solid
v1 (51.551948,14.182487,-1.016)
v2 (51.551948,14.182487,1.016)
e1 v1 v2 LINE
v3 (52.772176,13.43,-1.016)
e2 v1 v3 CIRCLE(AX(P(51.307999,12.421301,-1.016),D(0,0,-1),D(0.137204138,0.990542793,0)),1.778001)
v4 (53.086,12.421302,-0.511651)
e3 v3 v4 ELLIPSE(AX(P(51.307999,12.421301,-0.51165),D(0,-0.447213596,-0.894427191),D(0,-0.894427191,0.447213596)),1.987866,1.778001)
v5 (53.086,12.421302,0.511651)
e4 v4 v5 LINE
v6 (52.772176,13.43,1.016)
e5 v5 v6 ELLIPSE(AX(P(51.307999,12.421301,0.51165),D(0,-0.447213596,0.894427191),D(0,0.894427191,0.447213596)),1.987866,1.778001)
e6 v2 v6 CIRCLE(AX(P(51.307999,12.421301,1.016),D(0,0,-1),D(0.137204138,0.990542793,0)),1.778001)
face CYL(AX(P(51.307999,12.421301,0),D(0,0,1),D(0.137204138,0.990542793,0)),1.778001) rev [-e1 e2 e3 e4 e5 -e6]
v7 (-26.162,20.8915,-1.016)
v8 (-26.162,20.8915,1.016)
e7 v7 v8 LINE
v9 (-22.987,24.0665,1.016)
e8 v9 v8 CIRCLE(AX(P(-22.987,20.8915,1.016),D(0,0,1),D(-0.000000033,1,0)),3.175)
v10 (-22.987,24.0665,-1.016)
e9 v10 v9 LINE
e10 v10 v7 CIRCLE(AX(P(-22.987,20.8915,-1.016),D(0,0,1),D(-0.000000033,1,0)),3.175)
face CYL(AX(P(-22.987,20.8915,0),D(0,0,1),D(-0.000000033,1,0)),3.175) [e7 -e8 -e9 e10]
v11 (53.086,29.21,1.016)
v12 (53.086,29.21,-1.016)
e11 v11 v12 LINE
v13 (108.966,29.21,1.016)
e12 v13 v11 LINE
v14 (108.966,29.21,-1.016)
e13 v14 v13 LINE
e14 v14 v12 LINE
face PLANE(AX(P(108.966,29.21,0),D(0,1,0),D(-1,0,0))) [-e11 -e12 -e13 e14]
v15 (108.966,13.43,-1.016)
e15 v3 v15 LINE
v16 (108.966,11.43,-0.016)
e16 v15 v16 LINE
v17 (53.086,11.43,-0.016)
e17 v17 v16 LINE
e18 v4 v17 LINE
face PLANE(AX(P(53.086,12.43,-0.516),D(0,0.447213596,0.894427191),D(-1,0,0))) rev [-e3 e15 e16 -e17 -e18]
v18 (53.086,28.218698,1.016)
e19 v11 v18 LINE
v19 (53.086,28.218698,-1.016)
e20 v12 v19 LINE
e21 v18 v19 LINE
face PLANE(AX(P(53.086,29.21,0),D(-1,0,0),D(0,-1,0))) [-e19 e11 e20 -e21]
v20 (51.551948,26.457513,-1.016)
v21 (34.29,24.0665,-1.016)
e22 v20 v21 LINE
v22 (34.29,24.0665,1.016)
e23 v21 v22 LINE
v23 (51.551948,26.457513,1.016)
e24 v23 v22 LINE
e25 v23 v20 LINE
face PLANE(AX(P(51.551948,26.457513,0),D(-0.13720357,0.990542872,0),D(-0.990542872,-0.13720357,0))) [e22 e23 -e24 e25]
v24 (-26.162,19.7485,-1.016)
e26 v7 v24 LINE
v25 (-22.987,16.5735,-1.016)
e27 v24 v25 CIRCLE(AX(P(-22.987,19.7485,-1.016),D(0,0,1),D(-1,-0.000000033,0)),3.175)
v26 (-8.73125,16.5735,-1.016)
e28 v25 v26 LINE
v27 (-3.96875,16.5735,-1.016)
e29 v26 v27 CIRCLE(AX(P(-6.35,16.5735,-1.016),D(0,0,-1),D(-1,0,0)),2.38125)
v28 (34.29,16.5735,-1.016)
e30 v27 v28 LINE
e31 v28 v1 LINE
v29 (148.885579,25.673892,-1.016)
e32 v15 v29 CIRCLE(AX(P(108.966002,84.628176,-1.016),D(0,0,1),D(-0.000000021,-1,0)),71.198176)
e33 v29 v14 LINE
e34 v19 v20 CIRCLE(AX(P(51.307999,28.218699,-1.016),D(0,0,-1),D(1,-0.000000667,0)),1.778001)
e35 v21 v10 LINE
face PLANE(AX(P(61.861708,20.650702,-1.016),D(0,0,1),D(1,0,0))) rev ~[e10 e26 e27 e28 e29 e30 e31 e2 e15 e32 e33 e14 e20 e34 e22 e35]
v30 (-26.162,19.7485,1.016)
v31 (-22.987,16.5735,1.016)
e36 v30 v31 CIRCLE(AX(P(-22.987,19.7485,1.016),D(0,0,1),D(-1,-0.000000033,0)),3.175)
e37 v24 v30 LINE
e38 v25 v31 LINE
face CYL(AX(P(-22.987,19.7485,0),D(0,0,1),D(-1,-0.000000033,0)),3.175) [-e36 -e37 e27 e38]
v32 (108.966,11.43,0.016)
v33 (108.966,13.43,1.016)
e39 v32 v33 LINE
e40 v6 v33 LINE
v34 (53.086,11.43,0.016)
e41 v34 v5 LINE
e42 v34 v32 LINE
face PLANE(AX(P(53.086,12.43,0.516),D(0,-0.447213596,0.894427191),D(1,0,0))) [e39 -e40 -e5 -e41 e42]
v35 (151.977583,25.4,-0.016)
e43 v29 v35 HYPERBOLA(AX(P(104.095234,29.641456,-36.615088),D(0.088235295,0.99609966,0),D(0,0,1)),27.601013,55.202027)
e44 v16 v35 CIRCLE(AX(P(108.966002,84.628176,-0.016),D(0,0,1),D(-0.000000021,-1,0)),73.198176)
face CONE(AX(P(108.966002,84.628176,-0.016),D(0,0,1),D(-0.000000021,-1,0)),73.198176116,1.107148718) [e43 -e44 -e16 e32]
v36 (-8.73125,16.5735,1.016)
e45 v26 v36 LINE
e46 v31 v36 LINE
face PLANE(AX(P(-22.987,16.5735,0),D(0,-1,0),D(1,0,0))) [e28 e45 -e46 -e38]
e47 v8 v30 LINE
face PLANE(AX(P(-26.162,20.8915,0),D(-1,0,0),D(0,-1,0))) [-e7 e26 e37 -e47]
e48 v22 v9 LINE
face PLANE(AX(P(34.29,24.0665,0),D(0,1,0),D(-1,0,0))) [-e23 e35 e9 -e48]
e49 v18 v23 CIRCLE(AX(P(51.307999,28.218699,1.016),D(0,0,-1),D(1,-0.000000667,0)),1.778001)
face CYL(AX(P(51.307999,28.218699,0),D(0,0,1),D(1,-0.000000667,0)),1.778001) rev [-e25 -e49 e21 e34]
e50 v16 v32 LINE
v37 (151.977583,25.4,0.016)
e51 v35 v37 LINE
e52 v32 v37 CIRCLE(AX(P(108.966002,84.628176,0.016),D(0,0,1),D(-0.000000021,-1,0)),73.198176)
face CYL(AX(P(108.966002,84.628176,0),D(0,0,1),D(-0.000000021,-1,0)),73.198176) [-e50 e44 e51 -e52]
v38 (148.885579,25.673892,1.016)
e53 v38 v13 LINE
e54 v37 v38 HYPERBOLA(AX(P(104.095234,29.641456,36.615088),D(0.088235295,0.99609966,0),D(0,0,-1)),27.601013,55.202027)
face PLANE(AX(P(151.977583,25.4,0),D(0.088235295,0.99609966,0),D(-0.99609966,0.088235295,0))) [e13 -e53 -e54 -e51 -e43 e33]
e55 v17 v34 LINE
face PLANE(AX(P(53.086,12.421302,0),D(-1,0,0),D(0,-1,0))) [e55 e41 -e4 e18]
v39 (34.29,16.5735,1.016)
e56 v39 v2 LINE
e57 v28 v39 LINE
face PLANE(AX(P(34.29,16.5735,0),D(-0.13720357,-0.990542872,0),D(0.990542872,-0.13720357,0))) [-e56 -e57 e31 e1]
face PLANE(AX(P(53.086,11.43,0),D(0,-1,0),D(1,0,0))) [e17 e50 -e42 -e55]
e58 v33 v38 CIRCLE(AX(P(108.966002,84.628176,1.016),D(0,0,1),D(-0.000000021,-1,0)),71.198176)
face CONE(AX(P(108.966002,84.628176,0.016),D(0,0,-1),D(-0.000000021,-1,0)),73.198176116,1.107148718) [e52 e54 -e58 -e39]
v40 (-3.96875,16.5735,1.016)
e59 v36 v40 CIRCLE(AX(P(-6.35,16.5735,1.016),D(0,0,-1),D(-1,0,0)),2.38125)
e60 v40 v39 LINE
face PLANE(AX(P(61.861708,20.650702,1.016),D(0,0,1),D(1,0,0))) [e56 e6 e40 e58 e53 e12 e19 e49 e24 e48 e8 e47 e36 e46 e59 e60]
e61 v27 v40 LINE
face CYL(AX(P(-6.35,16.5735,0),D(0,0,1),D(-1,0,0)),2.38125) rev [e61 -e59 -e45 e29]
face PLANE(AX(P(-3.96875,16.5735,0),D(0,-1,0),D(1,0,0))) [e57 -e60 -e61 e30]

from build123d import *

# Parameters (mm, degrees)
F1_DEPTH = 1.016
F2_SIZE2 = 2
F2_SIZE  = 1
F3_SIZE2 = 1
F3_SIZE  = 2


with BuildPart() as f1:
    # F0 (on Top) → F1 (new body, symmetric)
    with BuildSketch(Plane.XY):
        with BuildLine():
            Line((51.551948, 26.457513), (34.29, 24.0665))
            Line((34.29, 24.0665), (-22.987, 24.0665))
            ThreePointArc((-22.987, 24.0665), (-25.232064, 23.136564), (-26.162, 20.8915))
            Line((-26.162, 20.8915), (-26.162, 19.7485))
            ThreePointArc((-26.162, 19.7485), (-25.232064, 17.503436), (-22.987, 16.5735))
            Line((-22.987, 16.5735), (-8.73125, 16.5735))
            ThreePointArc((-8.73125, 16.5735), (-6.35, 18.95475), (-3.96875, 16.5735))
            Line((-3.96875, 16.5735), (34.29, 16.5735))
            Line((34.29, 16.5735), (51.551948, 14.182487))
            ThreePointArc((51.551948, 14.182487), (52.648713, 13.589108), (53.086, 12.421302))
            Line((53.086, 12.421302), (53.086, 11.43))
            Line((53.086, 11.43), (59.436, 11.43))
            Line((59.436, 11.43), (108.966, 11.43))
            ThreePointArc((108.966, 11.43), (131.577707, 15.010048), (151.977583, 25.4))
            Line((151.977583, 25.4), (108.966, 29.21))
            Line((108.966, 29.21), (59.436, 29.21))
            Line((59.436, 29.21), (53.086, 29.21))
            Line((53.086, 29.21), (53.086, 28.218698))
            ThreePointArc((53.086, 28.218698), (52.648713, 27.050892), (51.551948, 26.457513))
        make_face()
    extrude(amount=F1_DEPTH, both=True)

    # F2
    f2_edges = [f1.edges().sort_by_distance(p)[0] for p in [
        (81.026, 11.43, 1.016),
    ]]
    chamfer(f2_edges, length=F2_SIZE, length2=F2_SIZE2)

    # F3
    f3_edges = [f1.edges().sort_by_distance(p)[0] for p in [
        (81.026, 11.43, -1.016),
    ]]
    chamfer(f3_edges, length=F3_SIZE, length2=F3_SIZE2)


solid = f1.part
